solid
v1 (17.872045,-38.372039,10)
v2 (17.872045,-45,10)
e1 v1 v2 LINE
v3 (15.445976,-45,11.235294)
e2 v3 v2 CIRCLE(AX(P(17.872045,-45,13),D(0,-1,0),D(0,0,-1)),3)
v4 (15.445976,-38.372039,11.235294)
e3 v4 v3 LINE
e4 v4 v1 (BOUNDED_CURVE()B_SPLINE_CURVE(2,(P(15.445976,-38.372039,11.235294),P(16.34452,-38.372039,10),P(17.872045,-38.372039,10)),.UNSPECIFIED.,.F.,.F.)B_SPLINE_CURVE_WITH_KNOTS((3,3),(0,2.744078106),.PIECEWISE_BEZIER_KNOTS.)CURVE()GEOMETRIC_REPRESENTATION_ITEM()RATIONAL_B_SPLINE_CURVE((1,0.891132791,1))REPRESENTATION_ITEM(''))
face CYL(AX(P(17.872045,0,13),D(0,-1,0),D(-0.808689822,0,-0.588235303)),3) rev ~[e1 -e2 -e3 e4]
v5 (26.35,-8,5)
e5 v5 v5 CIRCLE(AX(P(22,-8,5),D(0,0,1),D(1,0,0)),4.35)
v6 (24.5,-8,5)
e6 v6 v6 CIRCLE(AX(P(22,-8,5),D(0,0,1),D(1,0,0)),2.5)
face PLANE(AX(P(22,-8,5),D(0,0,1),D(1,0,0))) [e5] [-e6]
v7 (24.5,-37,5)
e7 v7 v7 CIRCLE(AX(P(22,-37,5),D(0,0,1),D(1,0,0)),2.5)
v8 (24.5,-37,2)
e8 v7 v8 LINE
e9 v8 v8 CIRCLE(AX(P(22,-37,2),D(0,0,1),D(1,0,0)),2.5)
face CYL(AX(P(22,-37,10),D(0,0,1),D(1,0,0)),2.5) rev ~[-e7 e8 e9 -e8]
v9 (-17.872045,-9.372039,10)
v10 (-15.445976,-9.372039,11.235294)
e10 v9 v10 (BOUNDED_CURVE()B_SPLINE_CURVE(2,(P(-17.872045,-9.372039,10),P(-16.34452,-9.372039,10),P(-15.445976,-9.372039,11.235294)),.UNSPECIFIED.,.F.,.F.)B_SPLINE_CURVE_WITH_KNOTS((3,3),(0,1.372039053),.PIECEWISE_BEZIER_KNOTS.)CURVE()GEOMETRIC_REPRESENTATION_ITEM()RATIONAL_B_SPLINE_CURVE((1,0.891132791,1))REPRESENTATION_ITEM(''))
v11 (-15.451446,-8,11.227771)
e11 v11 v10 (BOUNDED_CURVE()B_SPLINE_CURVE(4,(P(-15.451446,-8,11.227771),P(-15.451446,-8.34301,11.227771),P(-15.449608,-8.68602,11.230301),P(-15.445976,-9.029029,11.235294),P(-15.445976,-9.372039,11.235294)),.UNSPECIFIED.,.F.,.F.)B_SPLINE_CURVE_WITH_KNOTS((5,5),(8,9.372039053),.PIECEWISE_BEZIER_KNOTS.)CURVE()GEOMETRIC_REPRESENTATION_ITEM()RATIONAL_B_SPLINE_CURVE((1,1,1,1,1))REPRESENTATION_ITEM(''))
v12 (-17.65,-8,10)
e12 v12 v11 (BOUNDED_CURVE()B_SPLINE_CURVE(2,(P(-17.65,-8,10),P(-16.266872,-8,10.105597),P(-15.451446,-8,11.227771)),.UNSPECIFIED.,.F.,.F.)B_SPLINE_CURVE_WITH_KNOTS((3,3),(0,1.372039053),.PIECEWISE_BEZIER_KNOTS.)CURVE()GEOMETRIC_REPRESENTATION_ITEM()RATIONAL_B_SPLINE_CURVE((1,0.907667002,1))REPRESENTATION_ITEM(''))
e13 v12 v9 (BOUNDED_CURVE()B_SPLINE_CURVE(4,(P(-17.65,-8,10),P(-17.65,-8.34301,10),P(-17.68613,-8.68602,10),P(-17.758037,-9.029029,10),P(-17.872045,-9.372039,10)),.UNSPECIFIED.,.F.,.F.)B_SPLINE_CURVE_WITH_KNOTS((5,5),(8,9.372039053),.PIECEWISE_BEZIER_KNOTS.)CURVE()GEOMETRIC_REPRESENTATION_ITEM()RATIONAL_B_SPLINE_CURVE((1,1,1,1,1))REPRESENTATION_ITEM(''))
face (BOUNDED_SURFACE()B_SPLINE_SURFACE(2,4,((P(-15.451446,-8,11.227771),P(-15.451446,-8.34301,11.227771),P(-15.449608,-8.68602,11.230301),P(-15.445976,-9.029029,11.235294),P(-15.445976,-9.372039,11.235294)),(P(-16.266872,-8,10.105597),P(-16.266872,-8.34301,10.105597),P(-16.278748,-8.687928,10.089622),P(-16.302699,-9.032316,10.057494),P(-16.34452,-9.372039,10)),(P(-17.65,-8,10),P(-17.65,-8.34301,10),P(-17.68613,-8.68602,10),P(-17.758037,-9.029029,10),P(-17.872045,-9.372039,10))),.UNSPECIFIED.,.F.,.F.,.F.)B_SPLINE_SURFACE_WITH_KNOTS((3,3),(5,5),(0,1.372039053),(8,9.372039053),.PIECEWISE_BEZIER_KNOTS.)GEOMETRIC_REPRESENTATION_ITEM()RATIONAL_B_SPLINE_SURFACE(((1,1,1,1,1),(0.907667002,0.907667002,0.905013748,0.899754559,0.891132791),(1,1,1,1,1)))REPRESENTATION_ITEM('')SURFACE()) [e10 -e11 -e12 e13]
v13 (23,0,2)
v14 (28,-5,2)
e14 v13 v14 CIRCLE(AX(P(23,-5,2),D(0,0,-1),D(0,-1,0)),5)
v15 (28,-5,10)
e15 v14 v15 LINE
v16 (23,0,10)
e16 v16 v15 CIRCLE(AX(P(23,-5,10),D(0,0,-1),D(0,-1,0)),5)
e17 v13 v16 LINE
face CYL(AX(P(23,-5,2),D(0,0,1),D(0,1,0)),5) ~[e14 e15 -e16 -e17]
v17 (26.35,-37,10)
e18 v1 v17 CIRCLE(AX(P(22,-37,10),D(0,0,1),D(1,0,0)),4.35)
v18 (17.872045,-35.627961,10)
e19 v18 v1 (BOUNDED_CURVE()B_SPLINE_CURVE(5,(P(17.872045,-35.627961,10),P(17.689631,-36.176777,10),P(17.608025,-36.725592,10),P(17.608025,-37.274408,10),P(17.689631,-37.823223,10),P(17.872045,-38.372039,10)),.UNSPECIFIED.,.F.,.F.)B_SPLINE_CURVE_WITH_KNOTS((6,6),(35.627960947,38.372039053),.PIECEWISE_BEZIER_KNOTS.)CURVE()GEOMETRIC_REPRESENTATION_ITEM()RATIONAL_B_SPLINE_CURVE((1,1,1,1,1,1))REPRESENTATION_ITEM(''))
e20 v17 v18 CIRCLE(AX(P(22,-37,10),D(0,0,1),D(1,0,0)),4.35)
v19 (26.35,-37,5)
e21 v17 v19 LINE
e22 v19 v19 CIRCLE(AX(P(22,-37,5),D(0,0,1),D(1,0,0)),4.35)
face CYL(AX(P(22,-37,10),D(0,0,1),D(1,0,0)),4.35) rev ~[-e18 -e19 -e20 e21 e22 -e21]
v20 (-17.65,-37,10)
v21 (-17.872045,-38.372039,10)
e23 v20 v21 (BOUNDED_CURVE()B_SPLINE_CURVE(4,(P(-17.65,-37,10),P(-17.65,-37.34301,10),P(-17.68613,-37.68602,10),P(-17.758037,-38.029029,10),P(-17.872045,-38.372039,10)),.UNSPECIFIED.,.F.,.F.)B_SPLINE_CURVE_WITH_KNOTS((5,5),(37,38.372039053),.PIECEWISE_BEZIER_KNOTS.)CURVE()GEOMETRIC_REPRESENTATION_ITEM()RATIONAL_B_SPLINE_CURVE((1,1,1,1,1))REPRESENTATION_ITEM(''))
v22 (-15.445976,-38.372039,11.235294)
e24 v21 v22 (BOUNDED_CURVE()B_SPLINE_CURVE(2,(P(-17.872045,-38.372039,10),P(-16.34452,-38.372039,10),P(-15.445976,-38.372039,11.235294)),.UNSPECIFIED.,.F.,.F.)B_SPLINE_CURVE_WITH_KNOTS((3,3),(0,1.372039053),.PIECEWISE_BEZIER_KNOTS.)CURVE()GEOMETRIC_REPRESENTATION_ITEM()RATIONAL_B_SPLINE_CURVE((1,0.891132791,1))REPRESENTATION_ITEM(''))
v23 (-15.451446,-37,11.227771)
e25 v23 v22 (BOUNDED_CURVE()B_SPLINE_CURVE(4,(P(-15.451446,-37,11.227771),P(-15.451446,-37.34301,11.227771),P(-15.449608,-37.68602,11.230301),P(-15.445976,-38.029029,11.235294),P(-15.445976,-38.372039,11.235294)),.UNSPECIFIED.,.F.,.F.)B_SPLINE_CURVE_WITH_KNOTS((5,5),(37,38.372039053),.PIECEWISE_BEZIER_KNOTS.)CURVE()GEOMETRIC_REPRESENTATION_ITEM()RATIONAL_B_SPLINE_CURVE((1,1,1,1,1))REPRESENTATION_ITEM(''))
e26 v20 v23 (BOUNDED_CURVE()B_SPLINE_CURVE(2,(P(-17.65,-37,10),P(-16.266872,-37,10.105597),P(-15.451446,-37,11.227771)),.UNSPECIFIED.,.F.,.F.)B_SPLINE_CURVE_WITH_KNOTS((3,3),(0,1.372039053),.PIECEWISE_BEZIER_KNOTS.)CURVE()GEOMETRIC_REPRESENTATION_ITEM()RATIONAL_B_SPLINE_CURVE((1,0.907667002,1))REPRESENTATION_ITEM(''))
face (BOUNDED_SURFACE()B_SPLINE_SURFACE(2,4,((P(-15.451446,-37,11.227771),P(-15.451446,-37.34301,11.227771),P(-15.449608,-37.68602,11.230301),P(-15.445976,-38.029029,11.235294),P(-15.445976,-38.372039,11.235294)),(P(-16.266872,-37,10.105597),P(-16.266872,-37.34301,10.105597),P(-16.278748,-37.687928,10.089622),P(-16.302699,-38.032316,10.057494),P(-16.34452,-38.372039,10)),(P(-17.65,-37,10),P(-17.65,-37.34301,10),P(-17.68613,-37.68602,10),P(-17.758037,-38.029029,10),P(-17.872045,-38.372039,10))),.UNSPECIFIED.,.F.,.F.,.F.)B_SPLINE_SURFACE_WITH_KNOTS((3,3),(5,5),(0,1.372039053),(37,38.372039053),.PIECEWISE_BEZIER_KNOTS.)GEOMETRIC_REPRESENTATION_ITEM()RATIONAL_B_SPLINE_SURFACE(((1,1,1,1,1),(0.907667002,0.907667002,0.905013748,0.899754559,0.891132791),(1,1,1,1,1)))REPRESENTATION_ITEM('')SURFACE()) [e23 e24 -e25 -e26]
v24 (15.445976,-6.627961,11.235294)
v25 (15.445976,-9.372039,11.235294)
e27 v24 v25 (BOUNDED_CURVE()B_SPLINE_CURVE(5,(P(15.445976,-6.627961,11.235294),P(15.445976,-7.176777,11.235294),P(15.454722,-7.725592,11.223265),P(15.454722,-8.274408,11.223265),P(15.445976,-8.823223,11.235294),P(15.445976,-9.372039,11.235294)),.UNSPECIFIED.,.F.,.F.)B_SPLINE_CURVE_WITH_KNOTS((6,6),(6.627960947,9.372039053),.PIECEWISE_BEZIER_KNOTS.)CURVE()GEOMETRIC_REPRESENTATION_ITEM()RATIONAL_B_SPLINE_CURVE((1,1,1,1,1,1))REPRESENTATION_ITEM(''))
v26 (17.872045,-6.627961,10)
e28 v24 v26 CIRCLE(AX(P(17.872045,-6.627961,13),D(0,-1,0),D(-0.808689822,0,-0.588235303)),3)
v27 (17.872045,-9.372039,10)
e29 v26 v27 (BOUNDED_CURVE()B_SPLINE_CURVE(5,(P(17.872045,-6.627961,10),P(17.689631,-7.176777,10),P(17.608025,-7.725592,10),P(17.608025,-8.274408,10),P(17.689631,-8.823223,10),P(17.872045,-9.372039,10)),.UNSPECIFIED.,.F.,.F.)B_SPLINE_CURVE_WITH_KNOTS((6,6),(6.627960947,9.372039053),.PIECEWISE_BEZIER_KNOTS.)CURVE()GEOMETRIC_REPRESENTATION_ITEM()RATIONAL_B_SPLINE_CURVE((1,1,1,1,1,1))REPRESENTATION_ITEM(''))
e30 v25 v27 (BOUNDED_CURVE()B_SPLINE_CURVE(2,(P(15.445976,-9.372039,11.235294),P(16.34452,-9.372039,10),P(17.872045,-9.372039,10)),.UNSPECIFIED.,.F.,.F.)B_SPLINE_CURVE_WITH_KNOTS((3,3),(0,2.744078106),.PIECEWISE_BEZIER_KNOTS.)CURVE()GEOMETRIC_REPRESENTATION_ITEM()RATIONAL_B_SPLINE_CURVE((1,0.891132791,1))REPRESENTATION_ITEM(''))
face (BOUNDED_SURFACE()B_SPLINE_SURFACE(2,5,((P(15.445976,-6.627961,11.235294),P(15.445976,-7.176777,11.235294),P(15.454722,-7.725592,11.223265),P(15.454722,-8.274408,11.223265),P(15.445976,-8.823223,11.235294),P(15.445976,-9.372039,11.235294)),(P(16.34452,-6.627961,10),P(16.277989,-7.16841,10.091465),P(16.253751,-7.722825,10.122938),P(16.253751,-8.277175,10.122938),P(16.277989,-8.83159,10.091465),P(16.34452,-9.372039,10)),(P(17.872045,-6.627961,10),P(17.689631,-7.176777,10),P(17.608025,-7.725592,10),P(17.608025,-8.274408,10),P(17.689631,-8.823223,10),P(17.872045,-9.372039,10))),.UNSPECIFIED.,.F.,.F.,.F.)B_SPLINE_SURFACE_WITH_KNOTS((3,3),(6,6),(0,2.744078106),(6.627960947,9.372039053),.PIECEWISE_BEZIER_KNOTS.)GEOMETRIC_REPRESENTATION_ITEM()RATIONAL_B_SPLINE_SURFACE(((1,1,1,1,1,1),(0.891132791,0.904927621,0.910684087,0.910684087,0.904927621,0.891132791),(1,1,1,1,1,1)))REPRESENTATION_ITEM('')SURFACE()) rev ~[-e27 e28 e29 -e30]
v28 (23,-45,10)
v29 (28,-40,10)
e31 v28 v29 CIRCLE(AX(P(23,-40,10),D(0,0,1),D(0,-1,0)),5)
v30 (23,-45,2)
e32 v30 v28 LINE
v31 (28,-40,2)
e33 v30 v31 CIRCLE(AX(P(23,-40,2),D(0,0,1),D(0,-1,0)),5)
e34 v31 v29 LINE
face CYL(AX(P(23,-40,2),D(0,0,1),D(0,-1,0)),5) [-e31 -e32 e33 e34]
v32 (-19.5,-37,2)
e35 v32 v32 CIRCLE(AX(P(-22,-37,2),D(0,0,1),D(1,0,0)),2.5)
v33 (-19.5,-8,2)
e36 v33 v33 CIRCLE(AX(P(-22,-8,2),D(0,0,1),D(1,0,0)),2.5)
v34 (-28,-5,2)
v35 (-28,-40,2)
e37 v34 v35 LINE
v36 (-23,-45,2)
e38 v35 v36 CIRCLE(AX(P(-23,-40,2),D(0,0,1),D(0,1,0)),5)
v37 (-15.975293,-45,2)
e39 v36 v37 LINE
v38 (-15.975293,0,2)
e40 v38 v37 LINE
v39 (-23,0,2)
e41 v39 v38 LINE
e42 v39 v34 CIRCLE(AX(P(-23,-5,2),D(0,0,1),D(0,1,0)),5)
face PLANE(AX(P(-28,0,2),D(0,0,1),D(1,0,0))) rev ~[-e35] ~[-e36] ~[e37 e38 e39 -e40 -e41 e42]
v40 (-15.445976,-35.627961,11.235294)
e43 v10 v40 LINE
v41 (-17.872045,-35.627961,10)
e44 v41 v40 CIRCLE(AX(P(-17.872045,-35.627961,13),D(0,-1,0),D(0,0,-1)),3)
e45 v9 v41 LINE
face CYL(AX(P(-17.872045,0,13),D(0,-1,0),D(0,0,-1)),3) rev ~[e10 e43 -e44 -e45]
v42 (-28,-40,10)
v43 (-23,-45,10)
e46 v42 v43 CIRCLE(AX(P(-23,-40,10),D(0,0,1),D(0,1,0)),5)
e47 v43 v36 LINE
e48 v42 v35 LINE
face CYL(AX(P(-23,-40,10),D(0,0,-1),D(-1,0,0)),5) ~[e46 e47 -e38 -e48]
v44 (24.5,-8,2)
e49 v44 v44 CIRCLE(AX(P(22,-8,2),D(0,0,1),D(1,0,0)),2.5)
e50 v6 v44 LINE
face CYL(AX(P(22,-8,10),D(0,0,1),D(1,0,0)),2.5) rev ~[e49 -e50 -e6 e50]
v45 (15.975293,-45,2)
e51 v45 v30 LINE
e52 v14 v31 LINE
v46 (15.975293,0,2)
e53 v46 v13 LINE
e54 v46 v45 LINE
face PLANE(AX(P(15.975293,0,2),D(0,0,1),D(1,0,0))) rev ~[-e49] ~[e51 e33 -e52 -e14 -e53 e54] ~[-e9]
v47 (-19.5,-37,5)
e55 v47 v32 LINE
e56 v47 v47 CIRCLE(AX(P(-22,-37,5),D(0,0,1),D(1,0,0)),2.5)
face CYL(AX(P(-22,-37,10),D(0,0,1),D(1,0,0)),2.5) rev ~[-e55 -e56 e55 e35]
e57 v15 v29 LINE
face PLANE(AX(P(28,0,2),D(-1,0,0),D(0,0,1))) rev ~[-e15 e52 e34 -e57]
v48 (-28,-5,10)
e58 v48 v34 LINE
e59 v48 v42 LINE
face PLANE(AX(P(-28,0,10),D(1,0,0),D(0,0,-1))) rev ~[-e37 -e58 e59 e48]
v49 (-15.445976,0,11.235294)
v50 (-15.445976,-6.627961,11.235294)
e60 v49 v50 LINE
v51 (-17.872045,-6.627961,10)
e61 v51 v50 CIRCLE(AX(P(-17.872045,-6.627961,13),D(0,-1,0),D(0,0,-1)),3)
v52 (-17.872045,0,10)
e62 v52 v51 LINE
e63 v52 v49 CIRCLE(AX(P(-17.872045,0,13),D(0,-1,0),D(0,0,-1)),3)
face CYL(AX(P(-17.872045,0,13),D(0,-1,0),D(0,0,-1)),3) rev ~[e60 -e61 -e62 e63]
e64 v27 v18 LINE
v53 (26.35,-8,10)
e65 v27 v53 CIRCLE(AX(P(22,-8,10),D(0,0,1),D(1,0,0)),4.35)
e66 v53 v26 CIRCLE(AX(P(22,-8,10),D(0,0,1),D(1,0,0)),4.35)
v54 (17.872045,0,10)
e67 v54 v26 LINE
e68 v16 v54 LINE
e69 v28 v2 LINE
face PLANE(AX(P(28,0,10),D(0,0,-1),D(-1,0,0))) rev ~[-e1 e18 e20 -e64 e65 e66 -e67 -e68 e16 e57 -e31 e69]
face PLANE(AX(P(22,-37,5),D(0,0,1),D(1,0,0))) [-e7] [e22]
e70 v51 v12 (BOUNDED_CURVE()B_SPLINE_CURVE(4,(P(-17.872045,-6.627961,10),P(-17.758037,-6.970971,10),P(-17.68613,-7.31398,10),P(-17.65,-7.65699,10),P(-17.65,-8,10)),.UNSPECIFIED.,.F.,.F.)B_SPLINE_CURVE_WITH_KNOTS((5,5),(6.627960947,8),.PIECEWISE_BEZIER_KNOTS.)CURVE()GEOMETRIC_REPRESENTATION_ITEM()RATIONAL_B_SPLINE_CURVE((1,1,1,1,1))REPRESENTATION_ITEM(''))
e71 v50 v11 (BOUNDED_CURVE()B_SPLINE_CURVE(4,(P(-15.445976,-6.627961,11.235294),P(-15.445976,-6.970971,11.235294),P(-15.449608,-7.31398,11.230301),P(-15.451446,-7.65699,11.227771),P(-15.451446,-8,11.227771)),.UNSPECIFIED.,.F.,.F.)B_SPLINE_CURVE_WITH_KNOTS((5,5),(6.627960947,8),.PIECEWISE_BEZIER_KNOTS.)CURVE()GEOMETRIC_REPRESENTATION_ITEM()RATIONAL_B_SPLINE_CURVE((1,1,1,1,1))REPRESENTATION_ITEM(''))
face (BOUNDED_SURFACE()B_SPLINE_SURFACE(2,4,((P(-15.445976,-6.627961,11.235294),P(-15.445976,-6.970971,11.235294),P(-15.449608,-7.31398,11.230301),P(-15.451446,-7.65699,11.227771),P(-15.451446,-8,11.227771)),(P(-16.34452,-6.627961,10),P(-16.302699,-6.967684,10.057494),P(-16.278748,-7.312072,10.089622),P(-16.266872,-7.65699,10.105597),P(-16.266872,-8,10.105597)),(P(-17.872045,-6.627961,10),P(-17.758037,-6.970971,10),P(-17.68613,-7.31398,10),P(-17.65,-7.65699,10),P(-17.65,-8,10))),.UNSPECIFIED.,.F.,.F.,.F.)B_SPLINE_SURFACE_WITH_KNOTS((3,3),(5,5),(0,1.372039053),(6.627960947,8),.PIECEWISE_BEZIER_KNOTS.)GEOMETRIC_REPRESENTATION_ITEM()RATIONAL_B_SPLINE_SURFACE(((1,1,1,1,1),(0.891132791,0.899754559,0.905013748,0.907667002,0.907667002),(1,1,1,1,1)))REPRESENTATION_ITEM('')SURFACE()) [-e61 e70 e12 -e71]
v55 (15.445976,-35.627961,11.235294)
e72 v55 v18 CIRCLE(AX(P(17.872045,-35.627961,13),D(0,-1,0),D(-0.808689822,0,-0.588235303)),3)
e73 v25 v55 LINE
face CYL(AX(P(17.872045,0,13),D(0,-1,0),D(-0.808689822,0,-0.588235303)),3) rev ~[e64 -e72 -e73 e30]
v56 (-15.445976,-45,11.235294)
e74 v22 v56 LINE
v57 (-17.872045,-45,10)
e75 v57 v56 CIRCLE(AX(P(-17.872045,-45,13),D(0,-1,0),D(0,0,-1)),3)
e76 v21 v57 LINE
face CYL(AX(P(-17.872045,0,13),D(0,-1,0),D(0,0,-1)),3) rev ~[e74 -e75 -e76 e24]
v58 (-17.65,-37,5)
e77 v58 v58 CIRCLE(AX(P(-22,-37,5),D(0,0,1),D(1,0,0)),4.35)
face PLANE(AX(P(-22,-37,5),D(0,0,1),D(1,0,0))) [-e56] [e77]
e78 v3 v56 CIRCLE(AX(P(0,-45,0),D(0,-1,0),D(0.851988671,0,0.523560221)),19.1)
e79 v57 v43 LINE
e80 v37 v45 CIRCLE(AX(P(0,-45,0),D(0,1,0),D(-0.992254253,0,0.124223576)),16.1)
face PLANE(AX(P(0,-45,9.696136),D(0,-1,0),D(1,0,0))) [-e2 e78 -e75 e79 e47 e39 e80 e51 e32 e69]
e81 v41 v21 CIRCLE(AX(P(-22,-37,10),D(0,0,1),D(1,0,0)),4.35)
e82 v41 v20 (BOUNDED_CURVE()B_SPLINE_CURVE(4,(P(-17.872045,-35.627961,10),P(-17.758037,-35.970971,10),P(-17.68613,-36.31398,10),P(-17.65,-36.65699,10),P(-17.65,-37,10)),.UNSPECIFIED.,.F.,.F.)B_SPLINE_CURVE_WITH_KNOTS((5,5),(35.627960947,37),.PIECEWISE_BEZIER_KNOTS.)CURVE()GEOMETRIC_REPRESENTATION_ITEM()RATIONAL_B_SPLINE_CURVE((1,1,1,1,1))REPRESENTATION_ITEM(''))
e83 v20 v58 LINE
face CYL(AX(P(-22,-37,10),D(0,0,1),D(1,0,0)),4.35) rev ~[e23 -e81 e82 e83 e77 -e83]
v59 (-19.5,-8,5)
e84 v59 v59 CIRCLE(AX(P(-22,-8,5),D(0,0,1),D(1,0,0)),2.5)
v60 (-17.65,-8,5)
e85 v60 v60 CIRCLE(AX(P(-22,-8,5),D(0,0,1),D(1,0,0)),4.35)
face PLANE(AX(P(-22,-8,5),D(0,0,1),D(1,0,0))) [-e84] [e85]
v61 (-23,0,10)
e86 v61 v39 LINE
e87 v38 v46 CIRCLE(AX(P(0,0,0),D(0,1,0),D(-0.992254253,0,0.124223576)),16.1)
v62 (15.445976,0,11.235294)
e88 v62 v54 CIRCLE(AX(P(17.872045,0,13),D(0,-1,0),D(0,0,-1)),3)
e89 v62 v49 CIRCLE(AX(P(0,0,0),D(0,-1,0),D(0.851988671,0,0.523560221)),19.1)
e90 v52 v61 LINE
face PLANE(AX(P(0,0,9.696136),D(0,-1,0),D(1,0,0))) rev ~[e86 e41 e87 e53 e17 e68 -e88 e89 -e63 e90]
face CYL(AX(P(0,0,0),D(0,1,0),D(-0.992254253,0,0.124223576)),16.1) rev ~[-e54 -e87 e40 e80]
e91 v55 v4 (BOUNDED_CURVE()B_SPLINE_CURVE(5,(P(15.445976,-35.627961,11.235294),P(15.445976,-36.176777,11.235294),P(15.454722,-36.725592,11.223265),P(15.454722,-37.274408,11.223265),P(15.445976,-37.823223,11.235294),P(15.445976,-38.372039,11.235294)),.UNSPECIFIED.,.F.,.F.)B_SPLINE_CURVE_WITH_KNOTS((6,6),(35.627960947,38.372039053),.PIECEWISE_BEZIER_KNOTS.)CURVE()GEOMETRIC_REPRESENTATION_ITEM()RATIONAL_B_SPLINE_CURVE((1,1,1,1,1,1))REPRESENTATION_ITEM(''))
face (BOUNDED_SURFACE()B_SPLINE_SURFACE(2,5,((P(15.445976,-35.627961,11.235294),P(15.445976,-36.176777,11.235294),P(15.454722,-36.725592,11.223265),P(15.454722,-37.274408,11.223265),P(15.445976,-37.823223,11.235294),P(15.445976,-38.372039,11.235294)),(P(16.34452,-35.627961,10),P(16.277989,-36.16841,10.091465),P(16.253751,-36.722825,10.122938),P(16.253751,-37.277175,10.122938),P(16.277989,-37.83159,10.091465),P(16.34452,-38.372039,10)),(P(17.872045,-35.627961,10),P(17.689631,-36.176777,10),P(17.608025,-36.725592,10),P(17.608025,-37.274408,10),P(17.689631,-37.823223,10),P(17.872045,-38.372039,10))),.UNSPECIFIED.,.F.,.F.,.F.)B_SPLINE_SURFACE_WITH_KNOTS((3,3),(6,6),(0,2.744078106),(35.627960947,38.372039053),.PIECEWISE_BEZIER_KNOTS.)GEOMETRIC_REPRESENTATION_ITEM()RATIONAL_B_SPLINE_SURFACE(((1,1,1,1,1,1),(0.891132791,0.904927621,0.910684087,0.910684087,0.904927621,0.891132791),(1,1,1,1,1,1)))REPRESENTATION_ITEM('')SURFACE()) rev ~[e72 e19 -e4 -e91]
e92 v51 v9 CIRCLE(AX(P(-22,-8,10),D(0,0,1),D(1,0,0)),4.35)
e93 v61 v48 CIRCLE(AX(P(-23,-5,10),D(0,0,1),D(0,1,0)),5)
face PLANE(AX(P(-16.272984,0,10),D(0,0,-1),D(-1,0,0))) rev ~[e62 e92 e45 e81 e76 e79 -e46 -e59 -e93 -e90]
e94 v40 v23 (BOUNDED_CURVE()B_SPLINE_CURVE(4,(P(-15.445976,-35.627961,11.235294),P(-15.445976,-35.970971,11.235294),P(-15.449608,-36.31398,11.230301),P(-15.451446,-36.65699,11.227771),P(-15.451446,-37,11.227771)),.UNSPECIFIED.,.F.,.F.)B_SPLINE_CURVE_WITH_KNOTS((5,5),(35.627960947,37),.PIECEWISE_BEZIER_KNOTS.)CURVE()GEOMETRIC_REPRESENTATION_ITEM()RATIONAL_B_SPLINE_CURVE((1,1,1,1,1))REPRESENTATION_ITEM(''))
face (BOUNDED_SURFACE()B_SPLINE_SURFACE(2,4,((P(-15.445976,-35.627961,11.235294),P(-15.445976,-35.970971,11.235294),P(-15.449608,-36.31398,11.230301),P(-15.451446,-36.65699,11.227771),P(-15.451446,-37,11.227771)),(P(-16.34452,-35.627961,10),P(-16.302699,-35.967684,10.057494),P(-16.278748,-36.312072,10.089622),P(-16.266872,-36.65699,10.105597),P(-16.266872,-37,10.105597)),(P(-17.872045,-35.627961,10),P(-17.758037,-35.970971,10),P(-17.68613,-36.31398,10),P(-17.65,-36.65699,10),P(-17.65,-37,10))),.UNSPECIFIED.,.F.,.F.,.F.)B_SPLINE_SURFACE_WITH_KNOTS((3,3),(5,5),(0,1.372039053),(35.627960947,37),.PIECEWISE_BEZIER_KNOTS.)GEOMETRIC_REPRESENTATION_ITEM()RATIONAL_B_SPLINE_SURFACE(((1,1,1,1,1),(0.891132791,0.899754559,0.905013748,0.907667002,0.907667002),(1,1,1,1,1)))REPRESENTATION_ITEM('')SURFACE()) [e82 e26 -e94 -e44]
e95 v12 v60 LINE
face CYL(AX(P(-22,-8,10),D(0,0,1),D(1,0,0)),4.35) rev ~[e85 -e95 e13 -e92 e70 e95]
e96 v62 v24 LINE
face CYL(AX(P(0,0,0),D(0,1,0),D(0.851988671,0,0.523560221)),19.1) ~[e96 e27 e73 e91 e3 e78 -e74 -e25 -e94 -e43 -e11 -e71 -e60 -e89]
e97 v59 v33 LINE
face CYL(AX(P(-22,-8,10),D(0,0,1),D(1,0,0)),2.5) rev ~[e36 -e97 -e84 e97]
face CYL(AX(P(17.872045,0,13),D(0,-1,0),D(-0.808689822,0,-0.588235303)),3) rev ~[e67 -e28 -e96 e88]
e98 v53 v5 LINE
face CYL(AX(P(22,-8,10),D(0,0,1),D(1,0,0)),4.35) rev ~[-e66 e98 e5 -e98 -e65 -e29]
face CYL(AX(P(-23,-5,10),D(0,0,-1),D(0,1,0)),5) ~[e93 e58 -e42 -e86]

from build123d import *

# Parameters (mm, degrees)
F1_DEPTH = 45
F2_R     = 2.5
F2_R_2   = 4.35
F3_DEPTH = 5
F4_DEPTH = 8.001
F5_R     = 3
F6_R     = 5


with BuildPart() as f1:
    # F0 (on Front) → F1 (new body)
    with BuildSketch(Plane.XZ):
        with BuildLine():
            Line((-28, 10), (-28, 2))
            Line((-28, 2), (-15.975293, 2))
            ThreePointArc((-15.975293, 2), (0, 16.1), (15.975293, 2))
            Line((15.975293, 2), (28, 2))
            Line((28, 2), (28, 10))
            Line((28, 10), (16.272984, 10))
            ThreePointArc((16.272984, 10), (0, 19.1), (-16.272984, 10))
            Line((-16.272984, 10), (-28, 10))
        make_face()
    extrude(amount=F1_DEPTH)

    # F2 (on face) → F3 (cut)
    with BuildSketch(Plane.XY.offset(10)):
        with Locations((-22, -8)):
            Circle(F2_R)
        with Locations((-22, -8)):
            Circle(F2_R_2)
        with Locations((-22, -8)):
            Circle(F2_R, mode=Mode.SUBTRACT)
        with Locations((22, -8)):
            Circle(F2_R)
        with Locations((22, -8)):
            Circle(F2_R_2)
        with Locations((22, -8)):
            Circle(F2_R, mode=Mode.SUBTRACT)
        with Locations((22, -37)):
            Circle(F2_R)
        with Locations((22, -37)):
            Circle(F2_R_2)
        with Locations((22, -37)):
            Circle(F2_R, mode=Mode.SUBTRACT)
        with Locations((-22, -37)):
            Circle(F2_R)
        with Locations((-22, -37)):
            Circle(F2_R_2)
        with Locations((-22, -37)):
            Circle(F2_R, mode=Mode.SUBTRACT)
    extrude(amount=-F3_DEPTH, mode=Mode.SUBTRACT)

    # F2 (on face) → F4 (cut, through all)
    with BuildSketch(Plane.XY.offset(10)):
        with Locations((-22, -8)):
            Circle(F2_R)
        with Locations((22, -8)):
            Circle(F2_R)
        with Locations((-22, -37)):
            Circle(F2_R)
        with Locations((22, -37)):
            Circle(F2_R)
    extrude(amount=-F4_DEPTH, mode=Mode.SUBTRACT)

    # F5
    f5_edges = [f1.edges().sort_by_distance(p)[0] for p in [
        (-16.272984, -22.5, 10),
        (16.272984, -22.5, 10),
    ]]
    fillet(f5_edges, radius=F5_R)

    # F6
    f6_edges = [f1.edges().sort_by_distance(p)[0] for p in [
        (28, -45, 6),
        (28, 0, 6),
        (-28, -45, 6),
        (-28, 0, 6),
    ]]
    fillet(f6_edges, radius=F6_R)


solid = f1.part
